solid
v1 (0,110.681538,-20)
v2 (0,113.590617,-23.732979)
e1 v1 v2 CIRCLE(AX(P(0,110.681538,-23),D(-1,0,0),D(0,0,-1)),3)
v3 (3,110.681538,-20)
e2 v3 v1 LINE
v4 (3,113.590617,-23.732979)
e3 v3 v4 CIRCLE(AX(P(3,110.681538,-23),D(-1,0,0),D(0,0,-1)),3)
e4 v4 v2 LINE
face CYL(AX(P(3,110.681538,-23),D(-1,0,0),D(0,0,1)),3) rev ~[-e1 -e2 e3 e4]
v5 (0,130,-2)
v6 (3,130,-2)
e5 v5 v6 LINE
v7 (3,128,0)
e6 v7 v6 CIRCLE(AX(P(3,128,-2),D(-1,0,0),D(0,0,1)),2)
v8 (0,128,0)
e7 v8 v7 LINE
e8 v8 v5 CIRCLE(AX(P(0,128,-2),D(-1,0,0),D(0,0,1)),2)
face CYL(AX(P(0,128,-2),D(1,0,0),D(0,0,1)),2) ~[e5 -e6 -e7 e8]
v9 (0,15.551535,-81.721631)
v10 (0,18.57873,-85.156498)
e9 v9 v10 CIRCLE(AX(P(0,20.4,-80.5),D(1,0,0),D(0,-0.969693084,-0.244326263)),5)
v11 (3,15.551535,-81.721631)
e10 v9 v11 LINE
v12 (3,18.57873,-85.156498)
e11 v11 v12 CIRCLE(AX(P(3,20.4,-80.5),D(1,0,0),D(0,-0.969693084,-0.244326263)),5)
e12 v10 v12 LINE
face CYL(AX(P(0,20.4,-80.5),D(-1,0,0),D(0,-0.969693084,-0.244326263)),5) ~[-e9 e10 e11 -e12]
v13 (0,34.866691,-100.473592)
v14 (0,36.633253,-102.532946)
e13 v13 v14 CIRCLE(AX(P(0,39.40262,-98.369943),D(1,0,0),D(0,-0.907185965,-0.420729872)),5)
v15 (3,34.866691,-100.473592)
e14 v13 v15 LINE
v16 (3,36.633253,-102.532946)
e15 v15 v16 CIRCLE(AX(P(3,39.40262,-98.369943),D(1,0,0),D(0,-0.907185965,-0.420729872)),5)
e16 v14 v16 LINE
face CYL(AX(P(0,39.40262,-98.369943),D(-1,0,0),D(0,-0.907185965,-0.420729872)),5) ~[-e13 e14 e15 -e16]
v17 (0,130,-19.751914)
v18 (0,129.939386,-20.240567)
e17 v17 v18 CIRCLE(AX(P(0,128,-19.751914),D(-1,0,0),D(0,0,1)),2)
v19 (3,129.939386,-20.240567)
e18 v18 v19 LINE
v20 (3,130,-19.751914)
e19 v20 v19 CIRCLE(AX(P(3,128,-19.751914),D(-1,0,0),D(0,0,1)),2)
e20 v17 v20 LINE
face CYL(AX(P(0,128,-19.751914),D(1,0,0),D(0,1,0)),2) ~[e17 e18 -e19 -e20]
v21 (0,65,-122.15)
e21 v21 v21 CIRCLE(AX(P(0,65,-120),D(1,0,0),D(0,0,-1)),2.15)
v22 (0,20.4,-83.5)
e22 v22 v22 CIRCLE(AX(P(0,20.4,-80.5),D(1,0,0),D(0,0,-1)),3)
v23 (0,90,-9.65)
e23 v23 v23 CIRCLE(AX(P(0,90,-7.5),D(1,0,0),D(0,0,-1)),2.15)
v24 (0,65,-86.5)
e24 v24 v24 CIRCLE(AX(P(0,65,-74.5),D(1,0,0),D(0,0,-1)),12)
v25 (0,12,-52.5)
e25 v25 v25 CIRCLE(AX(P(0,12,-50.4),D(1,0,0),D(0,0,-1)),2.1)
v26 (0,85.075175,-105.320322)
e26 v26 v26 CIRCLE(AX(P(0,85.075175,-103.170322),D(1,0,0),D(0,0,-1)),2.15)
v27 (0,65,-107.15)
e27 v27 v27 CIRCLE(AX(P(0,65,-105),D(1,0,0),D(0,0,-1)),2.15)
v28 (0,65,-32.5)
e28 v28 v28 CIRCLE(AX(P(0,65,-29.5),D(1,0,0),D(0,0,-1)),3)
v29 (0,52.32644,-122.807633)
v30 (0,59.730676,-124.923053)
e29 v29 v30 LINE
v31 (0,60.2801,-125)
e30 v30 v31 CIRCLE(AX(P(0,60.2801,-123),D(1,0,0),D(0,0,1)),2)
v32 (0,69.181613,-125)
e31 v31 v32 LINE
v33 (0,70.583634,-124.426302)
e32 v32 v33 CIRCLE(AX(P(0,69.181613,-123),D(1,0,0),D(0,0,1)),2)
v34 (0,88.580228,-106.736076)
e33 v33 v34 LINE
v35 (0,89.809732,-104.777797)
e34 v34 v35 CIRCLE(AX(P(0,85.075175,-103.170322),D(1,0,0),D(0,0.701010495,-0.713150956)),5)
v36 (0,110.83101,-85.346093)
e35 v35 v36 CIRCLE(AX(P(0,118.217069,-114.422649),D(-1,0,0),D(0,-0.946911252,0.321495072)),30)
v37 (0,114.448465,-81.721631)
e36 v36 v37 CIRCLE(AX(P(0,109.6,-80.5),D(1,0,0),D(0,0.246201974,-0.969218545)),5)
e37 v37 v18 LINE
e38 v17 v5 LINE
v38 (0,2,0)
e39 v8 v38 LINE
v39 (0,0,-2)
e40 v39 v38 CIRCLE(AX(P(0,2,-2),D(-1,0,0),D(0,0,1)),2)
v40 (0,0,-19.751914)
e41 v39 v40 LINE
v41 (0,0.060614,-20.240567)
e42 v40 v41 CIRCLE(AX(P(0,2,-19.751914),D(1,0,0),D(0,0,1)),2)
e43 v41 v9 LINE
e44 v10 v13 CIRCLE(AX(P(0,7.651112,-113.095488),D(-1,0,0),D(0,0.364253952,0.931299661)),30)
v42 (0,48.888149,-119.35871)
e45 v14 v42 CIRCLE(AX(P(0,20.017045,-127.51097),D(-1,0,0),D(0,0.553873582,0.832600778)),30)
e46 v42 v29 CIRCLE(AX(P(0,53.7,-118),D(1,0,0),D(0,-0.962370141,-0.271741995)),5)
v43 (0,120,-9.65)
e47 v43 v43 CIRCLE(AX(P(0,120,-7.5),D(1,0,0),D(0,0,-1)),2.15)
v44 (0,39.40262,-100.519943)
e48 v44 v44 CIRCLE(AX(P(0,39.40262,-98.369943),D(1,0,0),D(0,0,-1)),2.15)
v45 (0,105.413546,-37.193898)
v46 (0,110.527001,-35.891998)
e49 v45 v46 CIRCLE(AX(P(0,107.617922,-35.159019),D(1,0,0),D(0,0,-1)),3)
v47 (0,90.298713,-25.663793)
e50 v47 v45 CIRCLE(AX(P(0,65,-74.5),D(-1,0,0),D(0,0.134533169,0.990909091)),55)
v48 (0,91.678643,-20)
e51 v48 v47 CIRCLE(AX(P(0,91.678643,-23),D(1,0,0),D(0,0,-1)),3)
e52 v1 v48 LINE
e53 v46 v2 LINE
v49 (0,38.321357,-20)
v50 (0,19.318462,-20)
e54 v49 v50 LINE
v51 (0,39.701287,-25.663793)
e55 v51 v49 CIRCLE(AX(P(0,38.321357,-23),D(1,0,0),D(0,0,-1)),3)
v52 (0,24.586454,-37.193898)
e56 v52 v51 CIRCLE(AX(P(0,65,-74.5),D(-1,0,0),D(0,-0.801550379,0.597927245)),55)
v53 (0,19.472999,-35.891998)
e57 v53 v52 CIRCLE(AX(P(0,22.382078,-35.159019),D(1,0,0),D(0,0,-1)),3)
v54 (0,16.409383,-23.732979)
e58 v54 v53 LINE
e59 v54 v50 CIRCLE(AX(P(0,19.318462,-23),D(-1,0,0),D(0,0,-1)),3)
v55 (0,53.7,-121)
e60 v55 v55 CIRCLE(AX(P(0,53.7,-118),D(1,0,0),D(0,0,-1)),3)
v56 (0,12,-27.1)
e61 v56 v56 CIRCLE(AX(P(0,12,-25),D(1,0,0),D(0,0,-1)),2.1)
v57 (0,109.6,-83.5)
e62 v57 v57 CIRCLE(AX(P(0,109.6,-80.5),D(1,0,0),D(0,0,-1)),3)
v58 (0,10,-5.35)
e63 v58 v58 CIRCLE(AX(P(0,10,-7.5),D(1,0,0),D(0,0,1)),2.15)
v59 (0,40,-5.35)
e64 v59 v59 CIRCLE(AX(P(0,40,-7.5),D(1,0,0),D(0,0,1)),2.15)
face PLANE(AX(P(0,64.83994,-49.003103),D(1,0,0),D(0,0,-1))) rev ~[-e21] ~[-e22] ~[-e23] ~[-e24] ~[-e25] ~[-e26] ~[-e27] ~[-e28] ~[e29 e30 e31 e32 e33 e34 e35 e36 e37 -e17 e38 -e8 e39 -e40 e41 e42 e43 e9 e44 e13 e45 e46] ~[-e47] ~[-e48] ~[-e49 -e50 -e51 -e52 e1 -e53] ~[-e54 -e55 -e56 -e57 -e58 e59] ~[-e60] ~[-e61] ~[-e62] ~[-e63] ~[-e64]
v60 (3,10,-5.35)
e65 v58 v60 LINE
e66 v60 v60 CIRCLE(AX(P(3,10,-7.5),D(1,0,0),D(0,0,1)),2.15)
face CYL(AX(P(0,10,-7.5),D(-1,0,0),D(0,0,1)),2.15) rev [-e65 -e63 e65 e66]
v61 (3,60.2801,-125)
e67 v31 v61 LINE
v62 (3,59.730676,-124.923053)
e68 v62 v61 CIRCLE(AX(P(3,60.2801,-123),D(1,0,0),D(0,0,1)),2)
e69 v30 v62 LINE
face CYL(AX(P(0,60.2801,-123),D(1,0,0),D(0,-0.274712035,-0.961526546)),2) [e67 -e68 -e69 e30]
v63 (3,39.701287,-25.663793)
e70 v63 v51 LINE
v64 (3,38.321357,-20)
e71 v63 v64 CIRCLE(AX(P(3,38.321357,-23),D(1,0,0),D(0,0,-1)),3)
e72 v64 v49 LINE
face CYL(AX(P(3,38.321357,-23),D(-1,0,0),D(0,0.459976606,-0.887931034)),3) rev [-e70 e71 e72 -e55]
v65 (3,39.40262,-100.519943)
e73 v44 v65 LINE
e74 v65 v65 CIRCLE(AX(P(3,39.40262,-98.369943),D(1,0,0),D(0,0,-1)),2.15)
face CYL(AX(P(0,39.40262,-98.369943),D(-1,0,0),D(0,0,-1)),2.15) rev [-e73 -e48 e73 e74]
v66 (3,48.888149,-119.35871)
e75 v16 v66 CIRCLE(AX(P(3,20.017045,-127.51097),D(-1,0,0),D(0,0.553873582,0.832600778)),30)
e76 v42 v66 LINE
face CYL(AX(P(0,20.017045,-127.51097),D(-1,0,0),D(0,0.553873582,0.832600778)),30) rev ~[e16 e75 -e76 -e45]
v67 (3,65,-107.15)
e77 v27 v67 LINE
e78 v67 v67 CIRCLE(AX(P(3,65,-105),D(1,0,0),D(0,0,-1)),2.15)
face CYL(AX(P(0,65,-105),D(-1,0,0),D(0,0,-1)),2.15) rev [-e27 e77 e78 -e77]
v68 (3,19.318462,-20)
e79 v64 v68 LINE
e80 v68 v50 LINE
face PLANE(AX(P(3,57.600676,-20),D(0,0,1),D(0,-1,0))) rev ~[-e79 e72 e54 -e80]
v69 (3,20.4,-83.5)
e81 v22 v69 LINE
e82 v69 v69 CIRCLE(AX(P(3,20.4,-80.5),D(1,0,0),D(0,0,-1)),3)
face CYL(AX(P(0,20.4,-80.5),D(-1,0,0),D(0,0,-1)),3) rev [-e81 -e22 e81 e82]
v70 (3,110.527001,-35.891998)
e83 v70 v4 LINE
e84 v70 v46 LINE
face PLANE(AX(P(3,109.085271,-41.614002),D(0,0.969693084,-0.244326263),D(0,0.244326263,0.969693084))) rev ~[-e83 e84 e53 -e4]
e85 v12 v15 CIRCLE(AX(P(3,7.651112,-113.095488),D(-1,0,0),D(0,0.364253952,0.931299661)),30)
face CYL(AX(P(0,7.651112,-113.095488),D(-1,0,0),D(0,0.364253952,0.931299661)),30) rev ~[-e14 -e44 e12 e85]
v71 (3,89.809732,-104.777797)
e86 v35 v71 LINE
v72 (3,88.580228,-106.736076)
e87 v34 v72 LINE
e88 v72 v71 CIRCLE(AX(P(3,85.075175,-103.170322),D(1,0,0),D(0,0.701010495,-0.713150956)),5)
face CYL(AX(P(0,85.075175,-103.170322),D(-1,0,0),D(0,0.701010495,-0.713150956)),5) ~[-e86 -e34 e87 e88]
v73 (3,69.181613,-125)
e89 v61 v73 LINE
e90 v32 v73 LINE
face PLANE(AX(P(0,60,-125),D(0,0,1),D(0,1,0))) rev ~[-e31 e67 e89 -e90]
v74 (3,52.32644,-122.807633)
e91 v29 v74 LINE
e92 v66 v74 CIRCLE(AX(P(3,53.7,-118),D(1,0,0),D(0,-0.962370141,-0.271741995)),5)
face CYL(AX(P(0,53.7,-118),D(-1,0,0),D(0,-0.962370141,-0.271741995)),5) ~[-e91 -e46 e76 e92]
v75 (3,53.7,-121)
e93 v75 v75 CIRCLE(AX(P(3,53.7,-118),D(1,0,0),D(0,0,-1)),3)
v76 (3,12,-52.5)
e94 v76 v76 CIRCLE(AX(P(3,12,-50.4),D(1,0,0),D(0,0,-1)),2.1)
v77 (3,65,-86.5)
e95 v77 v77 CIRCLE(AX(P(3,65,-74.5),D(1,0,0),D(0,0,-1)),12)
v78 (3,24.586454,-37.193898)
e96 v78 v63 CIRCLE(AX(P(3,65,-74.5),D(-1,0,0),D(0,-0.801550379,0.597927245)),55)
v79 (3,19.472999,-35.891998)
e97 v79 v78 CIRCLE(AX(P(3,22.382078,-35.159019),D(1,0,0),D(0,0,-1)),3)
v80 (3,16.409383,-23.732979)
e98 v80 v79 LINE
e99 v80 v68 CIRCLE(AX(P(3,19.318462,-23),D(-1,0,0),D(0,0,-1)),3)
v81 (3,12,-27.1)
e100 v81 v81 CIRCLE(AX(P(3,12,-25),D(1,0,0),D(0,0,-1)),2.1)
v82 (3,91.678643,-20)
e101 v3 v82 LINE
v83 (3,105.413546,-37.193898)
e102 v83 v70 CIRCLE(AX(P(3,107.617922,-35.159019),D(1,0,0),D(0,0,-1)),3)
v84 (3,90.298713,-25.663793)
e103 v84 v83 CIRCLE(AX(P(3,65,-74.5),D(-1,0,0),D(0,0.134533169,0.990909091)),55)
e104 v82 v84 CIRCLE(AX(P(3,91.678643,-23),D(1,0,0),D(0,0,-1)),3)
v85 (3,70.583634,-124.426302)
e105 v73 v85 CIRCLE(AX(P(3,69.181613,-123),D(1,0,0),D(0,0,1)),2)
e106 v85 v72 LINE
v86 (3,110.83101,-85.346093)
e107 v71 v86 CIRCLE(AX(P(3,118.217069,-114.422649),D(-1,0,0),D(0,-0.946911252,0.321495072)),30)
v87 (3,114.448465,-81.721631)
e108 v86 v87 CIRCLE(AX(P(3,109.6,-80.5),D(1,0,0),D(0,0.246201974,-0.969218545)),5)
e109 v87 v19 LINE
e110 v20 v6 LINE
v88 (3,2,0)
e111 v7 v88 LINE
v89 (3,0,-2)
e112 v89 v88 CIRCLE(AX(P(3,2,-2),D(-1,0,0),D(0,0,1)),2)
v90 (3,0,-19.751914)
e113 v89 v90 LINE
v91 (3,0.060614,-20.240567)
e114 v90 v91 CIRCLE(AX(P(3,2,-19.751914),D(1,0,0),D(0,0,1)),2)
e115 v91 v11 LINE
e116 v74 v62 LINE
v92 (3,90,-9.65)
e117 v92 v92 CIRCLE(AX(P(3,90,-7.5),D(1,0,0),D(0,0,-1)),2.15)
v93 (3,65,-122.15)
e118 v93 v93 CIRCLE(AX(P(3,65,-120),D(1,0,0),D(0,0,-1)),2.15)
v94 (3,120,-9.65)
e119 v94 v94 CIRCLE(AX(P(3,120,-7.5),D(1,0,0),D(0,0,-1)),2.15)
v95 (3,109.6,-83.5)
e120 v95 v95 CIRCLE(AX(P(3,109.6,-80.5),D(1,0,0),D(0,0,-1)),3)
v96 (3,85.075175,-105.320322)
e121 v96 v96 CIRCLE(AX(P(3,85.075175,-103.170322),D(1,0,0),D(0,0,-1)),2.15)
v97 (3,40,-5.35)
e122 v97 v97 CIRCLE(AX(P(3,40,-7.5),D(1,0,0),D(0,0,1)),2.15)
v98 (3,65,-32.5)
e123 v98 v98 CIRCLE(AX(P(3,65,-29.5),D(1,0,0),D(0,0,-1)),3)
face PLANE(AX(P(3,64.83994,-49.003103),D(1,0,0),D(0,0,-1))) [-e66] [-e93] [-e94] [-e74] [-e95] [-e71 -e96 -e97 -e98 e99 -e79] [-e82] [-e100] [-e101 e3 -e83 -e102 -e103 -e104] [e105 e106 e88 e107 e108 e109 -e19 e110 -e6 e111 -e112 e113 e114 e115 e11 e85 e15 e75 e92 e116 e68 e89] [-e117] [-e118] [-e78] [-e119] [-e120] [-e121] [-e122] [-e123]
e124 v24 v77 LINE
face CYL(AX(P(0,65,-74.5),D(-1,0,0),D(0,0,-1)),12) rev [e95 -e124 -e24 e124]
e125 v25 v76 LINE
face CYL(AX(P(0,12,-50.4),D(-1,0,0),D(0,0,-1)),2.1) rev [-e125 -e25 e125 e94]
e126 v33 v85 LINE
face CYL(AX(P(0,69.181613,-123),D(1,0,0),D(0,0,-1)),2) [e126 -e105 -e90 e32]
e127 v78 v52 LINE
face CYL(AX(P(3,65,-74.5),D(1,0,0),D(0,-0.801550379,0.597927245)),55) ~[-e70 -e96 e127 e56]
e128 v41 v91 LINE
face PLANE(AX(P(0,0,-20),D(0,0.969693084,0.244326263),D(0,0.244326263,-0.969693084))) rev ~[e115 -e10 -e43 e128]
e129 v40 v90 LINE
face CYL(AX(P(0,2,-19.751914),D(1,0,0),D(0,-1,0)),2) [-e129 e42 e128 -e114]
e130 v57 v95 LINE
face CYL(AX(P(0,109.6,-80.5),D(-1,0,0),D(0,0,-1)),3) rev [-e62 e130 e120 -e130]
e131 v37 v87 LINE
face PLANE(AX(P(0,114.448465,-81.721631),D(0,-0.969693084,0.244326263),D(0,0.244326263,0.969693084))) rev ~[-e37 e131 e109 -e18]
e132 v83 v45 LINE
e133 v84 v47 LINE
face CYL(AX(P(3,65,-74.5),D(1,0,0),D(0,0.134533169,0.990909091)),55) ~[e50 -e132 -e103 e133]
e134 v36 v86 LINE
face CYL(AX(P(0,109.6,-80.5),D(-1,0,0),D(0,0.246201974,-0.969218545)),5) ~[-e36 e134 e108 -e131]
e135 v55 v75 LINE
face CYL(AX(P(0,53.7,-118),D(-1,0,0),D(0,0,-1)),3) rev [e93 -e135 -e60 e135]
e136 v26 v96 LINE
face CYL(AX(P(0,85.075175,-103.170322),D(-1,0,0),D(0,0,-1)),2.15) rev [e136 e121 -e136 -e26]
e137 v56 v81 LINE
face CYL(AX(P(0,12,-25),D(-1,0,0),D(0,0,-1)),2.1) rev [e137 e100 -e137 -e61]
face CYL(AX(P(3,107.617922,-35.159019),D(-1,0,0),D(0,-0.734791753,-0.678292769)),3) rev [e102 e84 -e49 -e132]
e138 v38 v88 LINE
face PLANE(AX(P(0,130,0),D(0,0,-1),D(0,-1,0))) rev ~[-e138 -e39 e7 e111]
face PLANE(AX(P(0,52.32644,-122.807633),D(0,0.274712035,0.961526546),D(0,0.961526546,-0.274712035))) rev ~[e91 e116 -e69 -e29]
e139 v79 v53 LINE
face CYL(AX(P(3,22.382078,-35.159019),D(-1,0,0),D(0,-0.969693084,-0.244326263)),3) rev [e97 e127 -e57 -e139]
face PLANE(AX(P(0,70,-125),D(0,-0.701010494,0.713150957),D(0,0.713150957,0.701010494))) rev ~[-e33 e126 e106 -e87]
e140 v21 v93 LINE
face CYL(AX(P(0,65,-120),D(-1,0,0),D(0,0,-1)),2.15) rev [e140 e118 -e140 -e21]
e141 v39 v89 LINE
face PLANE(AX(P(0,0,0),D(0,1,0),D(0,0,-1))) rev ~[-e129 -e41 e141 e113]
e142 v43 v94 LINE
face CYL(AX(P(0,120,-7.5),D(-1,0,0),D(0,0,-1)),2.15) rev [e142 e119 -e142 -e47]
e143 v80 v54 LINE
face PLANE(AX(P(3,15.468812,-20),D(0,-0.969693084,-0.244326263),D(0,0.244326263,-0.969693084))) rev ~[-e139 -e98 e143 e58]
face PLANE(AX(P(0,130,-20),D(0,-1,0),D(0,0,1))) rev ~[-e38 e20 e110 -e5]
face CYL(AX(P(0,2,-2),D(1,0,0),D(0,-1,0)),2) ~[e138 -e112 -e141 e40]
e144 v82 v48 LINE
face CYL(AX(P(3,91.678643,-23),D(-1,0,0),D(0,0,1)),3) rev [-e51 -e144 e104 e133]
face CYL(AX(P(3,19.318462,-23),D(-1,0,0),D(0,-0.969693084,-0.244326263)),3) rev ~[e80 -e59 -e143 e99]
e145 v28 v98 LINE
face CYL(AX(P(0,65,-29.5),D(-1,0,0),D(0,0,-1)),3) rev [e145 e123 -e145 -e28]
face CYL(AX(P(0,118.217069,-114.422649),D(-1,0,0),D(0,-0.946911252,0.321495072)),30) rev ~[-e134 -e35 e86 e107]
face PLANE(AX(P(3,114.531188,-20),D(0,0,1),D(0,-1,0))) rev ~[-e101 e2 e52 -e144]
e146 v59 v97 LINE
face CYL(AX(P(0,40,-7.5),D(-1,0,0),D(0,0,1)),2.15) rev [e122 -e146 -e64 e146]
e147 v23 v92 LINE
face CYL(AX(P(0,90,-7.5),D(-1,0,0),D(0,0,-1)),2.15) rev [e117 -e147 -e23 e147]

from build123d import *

# Parameters (mm, degrees)
SKETCH_1_R          = 2.15
SKETCH_1_R_2        = 12
SKETCH_1_R_3        = 3
SKETCH_1_R_4        = 2.1
EXTRUDE_1_DEPTH     = 3
CUT_EXTRUDE_1_DEPTH = 3
FILLET_1_R          = 2
FILLET_2_R          = 2
FILLET_3_R          = 3


with BuildPart() as part:
    # ｽｹｯﾁ1 → ﾎﾞｽ - 押し出し1 (new body)
    with BuildSketch(Plane(origin=(0, 0, 0), x_dir=(0, 0, -1), z_dir=(1, 0, 0))):
        with BuildLine():
            Line((0, 0), (20, 0))
            Line((20, 0), (81.721631315, 15.55153458))
            ThreePointArc((81.721631315, 15.55153458), (83.805915962, 16.648877548), (85.156498305, 18.57873024))
            ThreePointArc((85.156498305, 18.57873024), (91.240951268, 28.202978223), (100.473591964, 34.86669062))
            ThreePointArc((100.473591964, 34.86669062), (101.625387424, 35.607613327), (102.53294649, 36.633252532))
            ThreePointArc((102.53294649, 36.633252532), (109.848876527, 44.266796828), (119.358709974, 48.888149295))
            ThreePointArc((119.358709974, 48.888149295), (121.530071674, 50.159012288), (122.807632728, 52.326439826))
            Line((122.807632728, 52.326439826), (125, 60))
            Line((125, 60), (125, 70))
            Line((125, 70), (106.736076333, 88.580227744))
            ThreePointArc((106.736076333, 88.580227744), (105.828986144, 89.309735766), (104.777796911, 89.809731531))
            ThreePointArc((104.777796911, 89.809731531), (92.392887273, 97.853140314), (85.346092725, 110.831009869))
            ThreePointArc((85.346092725, 110.831009869), (84.032111964, 113.138952539), (81.721631315, 114.44846542))
            Line((81.721631315, 114.44846542), (20, 130))
            Line((20, 130), (0, 130))
            Line((0, 130), (0, 0))
        make_face()
        with Locations((7.5, 120)):
            Circle(SKETCH_1_R, mode=Mode.SUBTRACT)
        with Locations((7.5, 90)):
            Circle(SKETCH_1_R, mode=Mode.SUBTRACT)
        with Locations(Location((7.5, 40, 0), (0, 0, 180))):
            Circle(SKETCH_1_R, mode=Mode.SUBTRACT)
        with Locations(Location((7.5, 10, 0), (0, 0, 180))):
            Circle(SKETCH_1_R, mode=Mode.SUBTRACT)
        with Locations((74.5, 65)):
            Circle(SKETCH_1_R_2, mode=Mode.SUBTRACT)
        with Locations((29.5, 65)):
            Circle(SKETCH_1_R_3, mode=Mode.SUBTRACT)
        with Locations((80.5, 20.4)):
            Circle(SKETCH_1_R_3, mode=Mode.SUBTRACT)
        with Locations((118, 53.7)):
            Circle(SKETCH_1_R_3, mode=Mode.SUBTRACT)
        with Locations((80.5, 109.6)):
            Circle(SKETCH_1_R_3, mode=Mode.SUBTRACT)
        with Locations((103.17032155, 85.075175272)):
            Circle(SKETCH_1_R, mode=Mode.SUBTRACT)
        with Locations((98.369942602, 39.402620443)):
            Circle(SKETCH_1_R, mode=Mode.SUBTRACT)
        with Locations((105, 65)):
            Circle(SKETCH_1_R, mode=Mode.SUBTRACT)
        with Locations((120, 65)):
            Circle(SKETCH_1_R, mode=Mode.SUBTRACT)
        with Locations((25, 12)):
            Circle(SKETCH_1_R_4, mode=Mode.SUBTRACT)
        with Locations((50.4, 12)):
            Circle(SKETCH_1_R_4, mode=Mode.SUBTRACT)
    extrude(amount=EXTRUDE_1_DEPTH)

    # ｽｹｯﾁ2 → ｶｯﾄ - 押し出し1 (cut)
    with BuildSketch(Plane(origin=(3, 0, 0), x_dir=(0, 0, -1), z_dir=(1, 0, 0))):
        with BuildLine():
            Line((20, 114.531188015), (20, 72.399324293))
            ThreePointArc((20, 72.399324293), (27.112840869, 92.918759813), (41.614001532, 109.085270837))
            Line((41.614001532, 109.085270837), (20, 114.531188015))
        make_face()
        with BuildLine():
            Line((20, 15.468811985), (41.614001532, 20.914729163))
            ThreePointArc((41.614001532, 20.914729163), (27.112840869, 37.081240187), (20, 57.600675707))
            Line((20, 57.600675707), (20, 15.468811985))
        make_face()
    extrude(amount=-CUT_EXTRUDE_1_DEPTH, mode=Mode.SUBTRACT)

    # ﾌｨﾚｯﾄ1
    fillet_1_edges = [part.edges().sort_by_distance(p)[0] for p in [
        (1.5, 130, 0),
        (1.5, 130, -20),
        (1.5, 0, -20),
        (1.5, 0, 0),
    ]]
    fillet(fillet_1_edges, radius=FILLET_1_R)

    # ﾌｨﾚｯﾄ2
    fillet_2_edges = [part.edges().sort_by_distance(p)[0] for p in [
        (1.5, 70, -125),
        (1.5, 60, -125),
    ]]
    fillet(fillet_2_edges, radius=FILLET_2_R)

    # ﾌｨﾚｯﾄ3
    fillet_3_edges = [part.edges().sort_by_distance(p)[0] for p in [
        (1.5, 114.531188015, -20),
        (1.5, 109.085270837, -41.614001532),
        (1.5, 72.399324293, -20),
        (1.5, 15.468811985, -20),
        (1.5, 57.600675707, -20),
        (1.5, 20.914729163, -41.614001532),
    ]]
    fillet(fillet_3_edges, radius=FILLET_3_R)


solid = part.part
